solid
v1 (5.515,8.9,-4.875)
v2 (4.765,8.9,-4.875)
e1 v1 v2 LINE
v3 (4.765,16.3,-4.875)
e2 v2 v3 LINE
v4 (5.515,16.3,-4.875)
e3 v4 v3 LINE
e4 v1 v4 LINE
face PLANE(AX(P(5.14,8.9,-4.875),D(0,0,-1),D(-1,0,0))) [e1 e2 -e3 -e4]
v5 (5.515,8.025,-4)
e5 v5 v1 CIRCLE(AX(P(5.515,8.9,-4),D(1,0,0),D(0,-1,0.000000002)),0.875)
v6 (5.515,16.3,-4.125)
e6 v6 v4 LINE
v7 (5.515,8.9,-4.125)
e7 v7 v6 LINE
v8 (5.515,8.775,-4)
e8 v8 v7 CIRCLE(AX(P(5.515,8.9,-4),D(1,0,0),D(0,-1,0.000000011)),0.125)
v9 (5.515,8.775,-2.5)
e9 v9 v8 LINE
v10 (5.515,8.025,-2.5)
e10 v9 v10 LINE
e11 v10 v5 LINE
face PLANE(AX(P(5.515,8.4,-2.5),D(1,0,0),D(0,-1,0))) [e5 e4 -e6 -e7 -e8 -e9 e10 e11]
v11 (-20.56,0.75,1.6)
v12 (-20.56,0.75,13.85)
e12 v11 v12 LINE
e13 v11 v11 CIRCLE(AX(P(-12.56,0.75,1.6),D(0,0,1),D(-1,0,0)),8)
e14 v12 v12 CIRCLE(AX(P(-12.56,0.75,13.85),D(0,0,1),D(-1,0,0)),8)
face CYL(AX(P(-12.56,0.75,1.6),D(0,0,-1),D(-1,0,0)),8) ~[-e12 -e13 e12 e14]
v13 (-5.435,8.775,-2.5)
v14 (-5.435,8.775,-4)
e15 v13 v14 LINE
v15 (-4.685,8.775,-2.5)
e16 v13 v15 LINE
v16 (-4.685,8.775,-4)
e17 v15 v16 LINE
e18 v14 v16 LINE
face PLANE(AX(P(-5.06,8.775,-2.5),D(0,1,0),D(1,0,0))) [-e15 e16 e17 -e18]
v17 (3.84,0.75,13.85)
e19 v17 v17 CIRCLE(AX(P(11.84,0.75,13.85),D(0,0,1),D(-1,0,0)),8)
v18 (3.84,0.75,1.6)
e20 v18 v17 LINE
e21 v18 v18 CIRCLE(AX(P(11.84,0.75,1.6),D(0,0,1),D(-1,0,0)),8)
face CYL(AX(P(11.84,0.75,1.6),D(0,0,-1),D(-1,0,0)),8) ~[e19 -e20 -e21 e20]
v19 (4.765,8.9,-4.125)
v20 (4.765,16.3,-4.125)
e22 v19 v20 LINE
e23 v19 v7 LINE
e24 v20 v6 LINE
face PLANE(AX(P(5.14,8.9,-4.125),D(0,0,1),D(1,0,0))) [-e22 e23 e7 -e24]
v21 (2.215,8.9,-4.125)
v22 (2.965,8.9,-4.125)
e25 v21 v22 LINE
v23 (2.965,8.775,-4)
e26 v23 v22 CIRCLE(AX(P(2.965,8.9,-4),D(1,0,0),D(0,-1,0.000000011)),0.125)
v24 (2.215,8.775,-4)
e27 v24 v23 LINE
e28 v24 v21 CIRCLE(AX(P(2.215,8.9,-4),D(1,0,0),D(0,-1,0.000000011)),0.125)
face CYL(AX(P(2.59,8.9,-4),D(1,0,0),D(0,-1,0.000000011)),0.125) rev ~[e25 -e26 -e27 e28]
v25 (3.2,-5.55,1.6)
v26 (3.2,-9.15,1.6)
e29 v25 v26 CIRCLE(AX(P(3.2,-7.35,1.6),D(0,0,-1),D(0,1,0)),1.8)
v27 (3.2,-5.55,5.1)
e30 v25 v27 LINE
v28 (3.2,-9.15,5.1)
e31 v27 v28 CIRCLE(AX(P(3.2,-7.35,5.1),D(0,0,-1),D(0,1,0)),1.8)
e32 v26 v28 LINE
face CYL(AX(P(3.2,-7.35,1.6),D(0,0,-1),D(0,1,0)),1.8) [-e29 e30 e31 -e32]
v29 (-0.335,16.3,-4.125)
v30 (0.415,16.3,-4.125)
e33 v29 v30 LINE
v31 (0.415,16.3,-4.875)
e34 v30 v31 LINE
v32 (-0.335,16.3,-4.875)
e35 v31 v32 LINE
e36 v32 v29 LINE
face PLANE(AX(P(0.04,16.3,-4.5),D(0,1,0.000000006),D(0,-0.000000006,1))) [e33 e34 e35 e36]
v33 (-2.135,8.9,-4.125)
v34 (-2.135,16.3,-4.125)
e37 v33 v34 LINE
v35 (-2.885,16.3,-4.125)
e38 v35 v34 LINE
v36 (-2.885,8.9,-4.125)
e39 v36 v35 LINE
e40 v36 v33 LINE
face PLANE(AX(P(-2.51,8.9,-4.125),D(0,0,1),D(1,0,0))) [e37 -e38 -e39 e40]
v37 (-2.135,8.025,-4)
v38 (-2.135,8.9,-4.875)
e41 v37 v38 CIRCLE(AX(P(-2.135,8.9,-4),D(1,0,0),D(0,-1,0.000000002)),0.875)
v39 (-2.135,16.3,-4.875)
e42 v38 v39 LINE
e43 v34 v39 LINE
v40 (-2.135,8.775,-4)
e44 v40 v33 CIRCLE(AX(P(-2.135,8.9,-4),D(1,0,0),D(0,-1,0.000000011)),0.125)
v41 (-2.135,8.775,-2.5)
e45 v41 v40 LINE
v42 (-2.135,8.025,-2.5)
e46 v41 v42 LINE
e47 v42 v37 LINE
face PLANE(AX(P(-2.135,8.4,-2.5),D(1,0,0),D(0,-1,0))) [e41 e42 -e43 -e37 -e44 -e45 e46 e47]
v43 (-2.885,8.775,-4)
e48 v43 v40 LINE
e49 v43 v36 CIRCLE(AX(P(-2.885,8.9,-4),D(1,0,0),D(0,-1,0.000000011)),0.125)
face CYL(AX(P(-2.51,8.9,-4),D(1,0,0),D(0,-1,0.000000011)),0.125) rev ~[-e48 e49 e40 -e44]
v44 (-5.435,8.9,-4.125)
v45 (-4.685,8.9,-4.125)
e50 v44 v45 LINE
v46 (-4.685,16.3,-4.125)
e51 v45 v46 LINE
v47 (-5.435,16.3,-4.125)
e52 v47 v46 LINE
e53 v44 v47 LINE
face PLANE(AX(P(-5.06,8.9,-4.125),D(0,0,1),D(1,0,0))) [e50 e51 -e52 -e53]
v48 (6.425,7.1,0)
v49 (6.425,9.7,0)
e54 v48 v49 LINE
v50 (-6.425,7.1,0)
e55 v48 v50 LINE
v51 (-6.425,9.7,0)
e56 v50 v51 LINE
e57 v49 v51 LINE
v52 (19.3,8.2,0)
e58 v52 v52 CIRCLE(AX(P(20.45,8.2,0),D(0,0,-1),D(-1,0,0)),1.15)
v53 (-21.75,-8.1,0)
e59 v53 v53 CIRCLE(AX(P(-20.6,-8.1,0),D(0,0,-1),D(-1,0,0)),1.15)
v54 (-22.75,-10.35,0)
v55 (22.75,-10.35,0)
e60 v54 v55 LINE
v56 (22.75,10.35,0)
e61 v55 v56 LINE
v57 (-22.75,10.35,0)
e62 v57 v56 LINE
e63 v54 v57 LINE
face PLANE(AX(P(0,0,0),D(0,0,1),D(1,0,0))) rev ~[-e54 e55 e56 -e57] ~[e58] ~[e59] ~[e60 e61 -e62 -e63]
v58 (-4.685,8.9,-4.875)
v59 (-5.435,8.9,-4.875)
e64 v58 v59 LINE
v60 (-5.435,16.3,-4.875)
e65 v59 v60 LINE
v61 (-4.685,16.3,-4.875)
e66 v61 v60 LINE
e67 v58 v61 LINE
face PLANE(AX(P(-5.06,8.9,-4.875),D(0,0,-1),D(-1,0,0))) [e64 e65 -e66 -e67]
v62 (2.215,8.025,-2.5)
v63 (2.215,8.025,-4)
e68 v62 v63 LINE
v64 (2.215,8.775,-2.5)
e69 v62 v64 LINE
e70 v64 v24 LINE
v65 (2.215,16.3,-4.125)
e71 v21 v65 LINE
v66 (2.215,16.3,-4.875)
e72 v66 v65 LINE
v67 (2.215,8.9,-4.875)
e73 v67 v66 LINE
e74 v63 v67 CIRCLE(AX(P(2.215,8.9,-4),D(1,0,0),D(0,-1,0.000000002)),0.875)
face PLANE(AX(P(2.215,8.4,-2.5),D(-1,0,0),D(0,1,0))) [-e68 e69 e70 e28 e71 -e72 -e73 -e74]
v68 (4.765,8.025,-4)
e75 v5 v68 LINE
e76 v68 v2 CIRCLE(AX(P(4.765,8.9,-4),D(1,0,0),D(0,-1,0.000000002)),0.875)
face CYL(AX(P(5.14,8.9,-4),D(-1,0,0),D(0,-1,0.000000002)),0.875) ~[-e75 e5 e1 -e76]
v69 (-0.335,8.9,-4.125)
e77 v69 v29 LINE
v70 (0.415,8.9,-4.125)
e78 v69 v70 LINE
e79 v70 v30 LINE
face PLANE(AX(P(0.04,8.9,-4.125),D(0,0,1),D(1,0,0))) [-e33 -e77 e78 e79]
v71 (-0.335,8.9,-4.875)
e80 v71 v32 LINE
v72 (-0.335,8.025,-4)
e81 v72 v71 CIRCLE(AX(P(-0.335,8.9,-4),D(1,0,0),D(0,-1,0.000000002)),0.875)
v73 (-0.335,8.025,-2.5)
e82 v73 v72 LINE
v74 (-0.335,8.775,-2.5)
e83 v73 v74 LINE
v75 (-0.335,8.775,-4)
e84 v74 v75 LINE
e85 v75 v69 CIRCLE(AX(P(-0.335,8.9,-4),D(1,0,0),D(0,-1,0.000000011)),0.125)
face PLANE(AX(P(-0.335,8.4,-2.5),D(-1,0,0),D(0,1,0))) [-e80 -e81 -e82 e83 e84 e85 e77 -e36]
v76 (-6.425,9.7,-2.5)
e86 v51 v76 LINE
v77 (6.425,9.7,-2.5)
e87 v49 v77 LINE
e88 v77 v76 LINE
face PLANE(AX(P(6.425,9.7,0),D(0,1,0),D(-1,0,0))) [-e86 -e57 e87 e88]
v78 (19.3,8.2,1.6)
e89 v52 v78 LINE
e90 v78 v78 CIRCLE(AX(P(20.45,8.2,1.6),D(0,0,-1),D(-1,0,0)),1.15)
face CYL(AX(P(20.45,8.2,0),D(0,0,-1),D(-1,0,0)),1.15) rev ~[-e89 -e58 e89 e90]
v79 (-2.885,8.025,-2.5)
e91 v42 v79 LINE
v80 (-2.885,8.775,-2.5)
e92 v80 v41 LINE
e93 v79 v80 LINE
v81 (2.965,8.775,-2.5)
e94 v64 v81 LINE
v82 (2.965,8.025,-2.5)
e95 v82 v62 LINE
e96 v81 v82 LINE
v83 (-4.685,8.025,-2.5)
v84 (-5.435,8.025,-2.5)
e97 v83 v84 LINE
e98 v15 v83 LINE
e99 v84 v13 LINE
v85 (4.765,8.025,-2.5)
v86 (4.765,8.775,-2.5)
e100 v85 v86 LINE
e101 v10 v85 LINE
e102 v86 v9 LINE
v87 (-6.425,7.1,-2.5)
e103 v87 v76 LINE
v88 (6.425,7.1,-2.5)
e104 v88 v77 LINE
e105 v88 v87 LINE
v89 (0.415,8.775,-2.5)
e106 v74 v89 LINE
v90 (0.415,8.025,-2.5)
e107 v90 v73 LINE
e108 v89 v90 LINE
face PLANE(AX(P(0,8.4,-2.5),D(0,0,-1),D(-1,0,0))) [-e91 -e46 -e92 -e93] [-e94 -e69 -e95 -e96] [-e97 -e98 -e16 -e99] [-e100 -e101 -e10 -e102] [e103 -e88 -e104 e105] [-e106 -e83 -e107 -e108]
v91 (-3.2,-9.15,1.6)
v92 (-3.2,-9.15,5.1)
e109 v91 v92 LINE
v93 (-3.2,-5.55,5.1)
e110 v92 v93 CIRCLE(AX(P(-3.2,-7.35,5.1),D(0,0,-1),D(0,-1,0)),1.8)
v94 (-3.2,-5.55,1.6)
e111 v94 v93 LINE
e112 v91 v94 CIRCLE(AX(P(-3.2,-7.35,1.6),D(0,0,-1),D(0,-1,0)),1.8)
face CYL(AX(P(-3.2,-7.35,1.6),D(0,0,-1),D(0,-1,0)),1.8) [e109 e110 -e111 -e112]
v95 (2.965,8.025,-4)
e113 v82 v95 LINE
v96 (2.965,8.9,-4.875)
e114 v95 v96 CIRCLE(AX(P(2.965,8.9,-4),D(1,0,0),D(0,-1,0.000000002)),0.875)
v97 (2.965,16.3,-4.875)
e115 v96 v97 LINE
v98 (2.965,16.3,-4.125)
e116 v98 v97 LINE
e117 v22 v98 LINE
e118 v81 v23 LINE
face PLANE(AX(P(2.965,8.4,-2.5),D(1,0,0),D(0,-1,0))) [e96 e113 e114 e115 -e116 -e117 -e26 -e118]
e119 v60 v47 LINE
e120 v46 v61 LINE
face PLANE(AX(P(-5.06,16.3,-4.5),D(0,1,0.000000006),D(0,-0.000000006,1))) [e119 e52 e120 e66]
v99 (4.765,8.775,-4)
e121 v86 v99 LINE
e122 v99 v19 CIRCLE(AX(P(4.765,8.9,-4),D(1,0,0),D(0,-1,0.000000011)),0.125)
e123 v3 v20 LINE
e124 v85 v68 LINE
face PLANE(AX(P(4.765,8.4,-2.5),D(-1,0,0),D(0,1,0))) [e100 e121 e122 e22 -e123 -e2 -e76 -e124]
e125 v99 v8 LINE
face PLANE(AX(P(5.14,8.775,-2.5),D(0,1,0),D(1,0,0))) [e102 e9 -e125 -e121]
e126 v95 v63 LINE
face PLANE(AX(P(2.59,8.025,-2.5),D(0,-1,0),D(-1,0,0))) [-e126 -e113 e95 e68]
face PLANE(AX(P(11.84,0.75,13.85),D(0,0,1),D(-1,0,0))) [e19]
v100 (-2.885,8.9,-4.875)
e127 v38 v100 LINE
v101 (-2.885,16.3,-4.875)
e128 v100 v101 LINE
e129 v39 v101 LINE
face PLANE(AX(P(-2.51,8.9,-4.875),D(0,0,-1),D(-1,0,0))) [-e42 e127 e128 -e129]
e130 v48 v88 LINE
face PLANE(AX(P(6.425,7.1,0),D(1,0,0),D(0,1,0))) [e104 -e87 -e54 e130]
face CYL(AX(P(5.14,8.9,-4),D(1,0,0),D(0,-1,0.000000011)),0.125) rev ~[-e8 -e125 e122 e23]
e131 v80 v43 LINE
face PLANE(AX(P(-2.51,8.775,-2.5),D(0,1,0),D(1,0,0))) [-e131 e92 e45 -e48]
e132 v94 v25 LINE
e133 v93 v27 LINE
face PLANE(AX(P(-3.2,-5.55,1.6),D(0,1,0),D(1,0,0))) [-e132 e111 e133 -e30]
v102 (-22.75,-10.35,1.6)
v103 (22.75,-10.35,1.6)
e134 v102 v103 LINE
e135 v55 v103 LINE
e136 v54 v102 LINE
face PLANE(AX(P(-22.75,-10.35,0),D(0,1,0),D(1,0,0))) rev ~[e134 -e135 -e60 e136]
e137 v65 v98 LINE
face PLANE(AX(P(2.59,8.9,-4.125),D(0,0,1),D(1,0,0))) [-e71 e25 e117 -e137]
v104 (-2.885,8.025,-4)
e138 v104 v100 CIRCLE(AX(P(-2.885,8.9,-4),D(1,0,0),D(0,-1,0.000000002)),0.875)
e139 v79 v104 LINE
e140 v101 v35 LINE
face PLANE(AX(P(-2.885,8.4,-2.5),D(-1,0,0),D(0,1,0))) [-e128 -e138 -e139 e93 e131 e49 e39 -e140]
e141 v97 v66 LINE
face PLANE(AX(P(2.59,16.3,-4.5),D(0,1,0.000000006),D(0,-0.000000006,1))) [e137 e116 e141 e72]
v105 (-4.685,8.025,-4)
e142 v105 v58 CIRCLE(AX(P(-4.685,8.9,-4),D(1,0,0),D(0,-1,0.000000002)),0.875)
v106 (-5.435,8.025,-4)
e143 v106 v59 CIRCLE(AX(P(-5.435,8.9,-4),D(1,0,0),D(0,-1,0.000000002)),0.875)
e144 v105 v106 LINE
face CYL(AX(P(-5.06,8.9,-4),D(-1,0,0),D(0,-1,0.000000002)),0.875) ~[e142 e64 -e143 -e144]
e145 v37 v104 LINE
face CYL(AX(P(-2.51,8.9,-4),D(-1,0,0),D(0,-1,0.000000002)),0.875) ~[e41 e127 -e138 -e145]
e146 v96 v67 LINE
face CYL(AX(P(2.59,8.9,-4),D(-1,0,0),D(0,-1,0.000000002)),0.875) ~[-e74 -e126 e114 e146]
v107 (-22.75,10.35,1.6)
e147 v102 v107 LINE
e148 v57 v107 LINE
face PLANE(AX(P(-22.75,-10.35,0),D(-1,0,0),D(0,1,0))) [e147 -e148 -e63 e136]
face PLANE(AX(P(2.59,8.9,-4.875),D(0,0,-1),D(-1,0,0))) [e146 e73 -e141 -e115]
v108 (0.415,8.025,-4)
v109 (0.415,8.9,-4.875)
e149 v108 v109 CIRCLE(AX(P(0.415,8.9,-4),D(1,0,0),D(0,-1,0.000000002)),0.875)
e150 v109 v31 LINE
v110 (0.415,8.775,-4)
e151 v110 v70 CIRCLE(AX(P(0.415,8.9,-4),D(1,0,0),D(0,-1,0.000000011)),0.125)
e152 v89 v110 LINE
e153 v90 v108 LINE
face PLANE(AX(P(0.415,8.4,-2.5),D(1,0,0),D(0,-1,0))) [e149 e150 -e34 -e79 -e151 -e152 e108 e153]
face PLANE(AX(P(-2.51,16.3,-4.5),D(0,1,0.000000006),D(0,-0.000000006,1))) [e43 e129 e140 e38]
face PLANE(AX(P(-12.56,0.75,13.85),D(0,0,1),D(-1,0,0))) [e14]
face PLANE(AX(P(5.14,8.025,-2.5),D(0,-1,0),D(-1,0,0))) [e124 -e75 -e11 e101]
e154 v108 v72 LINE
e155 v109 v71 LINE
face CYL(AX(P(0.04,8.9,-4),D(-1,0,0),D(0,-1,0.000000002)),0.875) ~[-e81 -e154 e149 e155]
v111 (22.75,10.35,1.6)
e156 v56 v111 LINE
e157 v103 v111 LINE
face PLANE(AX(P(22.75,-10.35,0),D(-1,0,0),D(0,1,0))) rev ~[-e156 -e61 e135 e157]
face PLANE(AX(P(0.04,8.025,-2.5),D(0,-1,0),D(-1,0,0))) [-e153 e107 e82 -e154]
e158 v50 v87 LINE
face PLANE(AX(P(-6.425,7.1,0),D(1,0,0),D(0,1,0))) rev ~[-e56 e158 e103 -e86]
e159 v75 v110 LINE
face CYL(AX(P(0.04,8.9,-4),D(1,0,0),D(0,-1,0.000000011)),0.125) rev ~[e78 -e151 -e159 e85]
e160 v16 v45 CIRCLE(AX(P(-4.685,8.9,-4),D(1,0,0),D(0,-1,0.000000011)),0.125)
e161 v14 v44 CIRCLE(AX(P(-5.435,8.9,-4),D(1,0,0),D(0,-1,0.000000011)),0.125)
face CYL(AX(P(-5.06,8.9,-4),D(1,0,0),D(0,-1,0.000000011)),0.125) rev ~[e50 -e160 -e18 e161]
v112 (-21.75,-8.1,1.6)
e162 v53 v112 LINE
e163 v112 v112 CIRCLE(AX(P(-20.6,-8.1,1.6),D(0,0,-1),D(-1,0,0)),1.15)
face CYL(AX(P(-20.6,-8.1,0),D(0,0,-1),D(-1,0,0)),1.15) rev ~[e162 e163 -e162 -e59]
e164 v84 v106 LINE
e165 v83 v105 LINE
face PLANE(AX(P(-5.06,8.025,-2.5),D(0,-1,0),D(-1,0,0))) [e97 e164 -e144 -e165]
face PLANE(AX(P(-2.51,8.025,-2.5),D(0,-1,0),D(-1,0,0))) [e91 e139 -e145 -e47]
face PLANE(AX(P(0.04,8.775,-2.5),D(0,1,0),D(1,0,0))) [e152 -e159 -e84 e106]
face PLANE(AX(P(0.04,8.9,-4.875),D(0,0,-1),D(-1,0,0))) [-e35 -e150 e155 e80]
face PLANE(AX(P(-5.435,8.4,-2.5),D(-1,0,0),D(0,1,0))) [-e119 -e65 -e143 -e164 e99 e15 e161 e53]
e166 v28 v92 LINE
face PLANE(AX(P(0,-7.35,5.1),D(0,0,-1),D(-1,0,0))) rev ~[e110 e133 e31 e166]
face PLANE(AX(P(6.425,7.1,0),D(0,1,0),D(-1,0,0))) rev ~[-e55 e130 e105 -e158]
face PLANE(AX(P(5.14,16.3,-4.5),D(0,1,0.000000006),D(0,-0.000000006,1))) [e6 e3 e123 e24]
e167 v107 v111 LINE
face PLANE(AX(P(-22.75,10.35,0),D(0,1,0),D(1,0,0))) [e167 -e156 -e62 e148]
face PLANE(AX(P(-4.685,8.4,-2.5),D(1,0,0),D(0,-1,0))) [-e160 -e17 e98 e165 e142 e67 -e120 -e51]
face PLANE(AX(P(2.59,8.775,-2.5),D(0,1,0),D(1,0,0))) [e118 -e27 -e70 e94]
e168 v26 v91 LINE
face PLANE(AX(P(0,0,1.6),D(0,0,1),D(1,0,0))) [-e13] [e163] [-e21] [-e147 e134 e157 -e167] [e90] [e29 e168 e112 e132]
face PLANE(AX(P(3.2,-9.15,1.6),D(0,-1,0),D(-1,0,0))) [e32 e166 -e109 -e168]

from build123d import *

# Parameters (mm, degrees)
SKETCH1_W           = 45.5
SKETCH1_H           = 20.7
BOSS_EXTRUDE1_DEPTH = 1.6
SKETCH2_R           = 8
BOSS_EXTRUDE2_DEPTH = 12.25
BOSS_EXTRUDE3_DEPTH = 3.5
SKETCH4_R           = 1.15
CUT_EXTRUDE1_DEPTH  = 3.5
SKETCH5_W           = 12.85
SKETCH5_H           = 2.6
BOSS_EXTRUDE4_DEPTH = 2.5
SKETCH6_W           = 0.75
SKETCH6_H           = 0.75
LPATTERN1_COUNT     = 5
LPATTERN1_PITCH     = 2.55


with BuildPart() as part:
    # Sketch1 → Boss-Extrude1 (new body)
    with BuildSketch(Plane.XY):
        Rectangle(SKETCH1_W, SKETCH1_H)
    extrude(amount=BOSS_EXTRUDE1_DEPTH)

    # Sketch2 → Boss-Extrude2 (add)
    with BuildSketch(Plane.XY.offset(1.6)):
        with Locations(Location((-12.56, 0.75, 0), (0, 0, 180))):
            Circle(SKETCH2_R)
        with Locations(Location((11.84, 0.75, 0), (0, 0, 180))):
            Circle(SKETCH2_R)
    extrude(amount=BOSS_EXTRUDE2_DEPTH)

    # Sketch3 → Boss-Extrude3 (add)
    with BuildSketch(Plane.XY.offset(1.6)):
        with BuildLine():
            Line((-3.2, -5.55), (3.2, -5.55))
            ThreePointArc((3.2, -5.55), (5, -7.35), (3.2, -9.15))
            Line((3.2, -9.15), (-3.2, -9.15))
            ThreePointArc((-3.2, -9.15), (-5, -7.35), (-3.2, -5.55))
        make_face()
    extrude(amount=BOSS_EXTRUDE3_DEPTH)

    # Sketch4 → Cut-Extrude1 (cut)
    with BuildSketch(Plane(origin=(0, 0, 0), x_dir=(-1, 0, 0), z_dir=(0, 0, -1))):
        with Locations((-20.45, 8.2)):
            Circle(SKETCH4_R)
        with Locations((20.6, -8.1)):
            Circle(SKETCH4_R)
    extrude(amount=-CUT_EXTRUDE1_DEPTH, mode=Mode.SUBTRACT)

    # Sketch5 → Boss-Extrude4 (add)
    with BuildSketch(Plane(origin=(0, 0, 0), x_dir=(-1, 0, 0), z_dir=(0, 0, -1))):
        with Locations((0, 8.4)):
            Rectangle(SKETCH5_W, SKETCH5_H)
    extrude(amount=BOSS_EXTRUDE4_DEPTH)

    # Sweep17: sweep along a path in Sketch7
    with BuildLine(Plane(origin=(5.14, 0, 0), x_dir=(0, -1, 0), z_dir=(1, 0, 0))) as sweep17_path:
        Line((-8.4, 2.5), (-8.4, 4))
        ThreePointArc((-8.4, 4), (-8.546446609, 4.353553391), (-8.9, 4.5))
        Line((-8.9, 4.5), (-16.3, 4.5))
    # Sketch6 → Sweep17 (sweep)
    with BuildSketch(Plane(origin=(0, 0, -2.5), x_dir=(-1, 0, 0), z_dir=(0, 0, -1))):
        with Locations((-5.14, 8.4)):
            Rectangle(SKETCH6_W, SKETCH6_H)
    sweep17 = sweep(path=sweep17_path.line)

    # LPattern1: Sweep17 ×5
    with Locations(*[(-i * LPATTERN1_PITCH, 0, 0) for i in range(1, LPATTERN1_COUNT)]):
        add(sweep17)


solid = part.part
